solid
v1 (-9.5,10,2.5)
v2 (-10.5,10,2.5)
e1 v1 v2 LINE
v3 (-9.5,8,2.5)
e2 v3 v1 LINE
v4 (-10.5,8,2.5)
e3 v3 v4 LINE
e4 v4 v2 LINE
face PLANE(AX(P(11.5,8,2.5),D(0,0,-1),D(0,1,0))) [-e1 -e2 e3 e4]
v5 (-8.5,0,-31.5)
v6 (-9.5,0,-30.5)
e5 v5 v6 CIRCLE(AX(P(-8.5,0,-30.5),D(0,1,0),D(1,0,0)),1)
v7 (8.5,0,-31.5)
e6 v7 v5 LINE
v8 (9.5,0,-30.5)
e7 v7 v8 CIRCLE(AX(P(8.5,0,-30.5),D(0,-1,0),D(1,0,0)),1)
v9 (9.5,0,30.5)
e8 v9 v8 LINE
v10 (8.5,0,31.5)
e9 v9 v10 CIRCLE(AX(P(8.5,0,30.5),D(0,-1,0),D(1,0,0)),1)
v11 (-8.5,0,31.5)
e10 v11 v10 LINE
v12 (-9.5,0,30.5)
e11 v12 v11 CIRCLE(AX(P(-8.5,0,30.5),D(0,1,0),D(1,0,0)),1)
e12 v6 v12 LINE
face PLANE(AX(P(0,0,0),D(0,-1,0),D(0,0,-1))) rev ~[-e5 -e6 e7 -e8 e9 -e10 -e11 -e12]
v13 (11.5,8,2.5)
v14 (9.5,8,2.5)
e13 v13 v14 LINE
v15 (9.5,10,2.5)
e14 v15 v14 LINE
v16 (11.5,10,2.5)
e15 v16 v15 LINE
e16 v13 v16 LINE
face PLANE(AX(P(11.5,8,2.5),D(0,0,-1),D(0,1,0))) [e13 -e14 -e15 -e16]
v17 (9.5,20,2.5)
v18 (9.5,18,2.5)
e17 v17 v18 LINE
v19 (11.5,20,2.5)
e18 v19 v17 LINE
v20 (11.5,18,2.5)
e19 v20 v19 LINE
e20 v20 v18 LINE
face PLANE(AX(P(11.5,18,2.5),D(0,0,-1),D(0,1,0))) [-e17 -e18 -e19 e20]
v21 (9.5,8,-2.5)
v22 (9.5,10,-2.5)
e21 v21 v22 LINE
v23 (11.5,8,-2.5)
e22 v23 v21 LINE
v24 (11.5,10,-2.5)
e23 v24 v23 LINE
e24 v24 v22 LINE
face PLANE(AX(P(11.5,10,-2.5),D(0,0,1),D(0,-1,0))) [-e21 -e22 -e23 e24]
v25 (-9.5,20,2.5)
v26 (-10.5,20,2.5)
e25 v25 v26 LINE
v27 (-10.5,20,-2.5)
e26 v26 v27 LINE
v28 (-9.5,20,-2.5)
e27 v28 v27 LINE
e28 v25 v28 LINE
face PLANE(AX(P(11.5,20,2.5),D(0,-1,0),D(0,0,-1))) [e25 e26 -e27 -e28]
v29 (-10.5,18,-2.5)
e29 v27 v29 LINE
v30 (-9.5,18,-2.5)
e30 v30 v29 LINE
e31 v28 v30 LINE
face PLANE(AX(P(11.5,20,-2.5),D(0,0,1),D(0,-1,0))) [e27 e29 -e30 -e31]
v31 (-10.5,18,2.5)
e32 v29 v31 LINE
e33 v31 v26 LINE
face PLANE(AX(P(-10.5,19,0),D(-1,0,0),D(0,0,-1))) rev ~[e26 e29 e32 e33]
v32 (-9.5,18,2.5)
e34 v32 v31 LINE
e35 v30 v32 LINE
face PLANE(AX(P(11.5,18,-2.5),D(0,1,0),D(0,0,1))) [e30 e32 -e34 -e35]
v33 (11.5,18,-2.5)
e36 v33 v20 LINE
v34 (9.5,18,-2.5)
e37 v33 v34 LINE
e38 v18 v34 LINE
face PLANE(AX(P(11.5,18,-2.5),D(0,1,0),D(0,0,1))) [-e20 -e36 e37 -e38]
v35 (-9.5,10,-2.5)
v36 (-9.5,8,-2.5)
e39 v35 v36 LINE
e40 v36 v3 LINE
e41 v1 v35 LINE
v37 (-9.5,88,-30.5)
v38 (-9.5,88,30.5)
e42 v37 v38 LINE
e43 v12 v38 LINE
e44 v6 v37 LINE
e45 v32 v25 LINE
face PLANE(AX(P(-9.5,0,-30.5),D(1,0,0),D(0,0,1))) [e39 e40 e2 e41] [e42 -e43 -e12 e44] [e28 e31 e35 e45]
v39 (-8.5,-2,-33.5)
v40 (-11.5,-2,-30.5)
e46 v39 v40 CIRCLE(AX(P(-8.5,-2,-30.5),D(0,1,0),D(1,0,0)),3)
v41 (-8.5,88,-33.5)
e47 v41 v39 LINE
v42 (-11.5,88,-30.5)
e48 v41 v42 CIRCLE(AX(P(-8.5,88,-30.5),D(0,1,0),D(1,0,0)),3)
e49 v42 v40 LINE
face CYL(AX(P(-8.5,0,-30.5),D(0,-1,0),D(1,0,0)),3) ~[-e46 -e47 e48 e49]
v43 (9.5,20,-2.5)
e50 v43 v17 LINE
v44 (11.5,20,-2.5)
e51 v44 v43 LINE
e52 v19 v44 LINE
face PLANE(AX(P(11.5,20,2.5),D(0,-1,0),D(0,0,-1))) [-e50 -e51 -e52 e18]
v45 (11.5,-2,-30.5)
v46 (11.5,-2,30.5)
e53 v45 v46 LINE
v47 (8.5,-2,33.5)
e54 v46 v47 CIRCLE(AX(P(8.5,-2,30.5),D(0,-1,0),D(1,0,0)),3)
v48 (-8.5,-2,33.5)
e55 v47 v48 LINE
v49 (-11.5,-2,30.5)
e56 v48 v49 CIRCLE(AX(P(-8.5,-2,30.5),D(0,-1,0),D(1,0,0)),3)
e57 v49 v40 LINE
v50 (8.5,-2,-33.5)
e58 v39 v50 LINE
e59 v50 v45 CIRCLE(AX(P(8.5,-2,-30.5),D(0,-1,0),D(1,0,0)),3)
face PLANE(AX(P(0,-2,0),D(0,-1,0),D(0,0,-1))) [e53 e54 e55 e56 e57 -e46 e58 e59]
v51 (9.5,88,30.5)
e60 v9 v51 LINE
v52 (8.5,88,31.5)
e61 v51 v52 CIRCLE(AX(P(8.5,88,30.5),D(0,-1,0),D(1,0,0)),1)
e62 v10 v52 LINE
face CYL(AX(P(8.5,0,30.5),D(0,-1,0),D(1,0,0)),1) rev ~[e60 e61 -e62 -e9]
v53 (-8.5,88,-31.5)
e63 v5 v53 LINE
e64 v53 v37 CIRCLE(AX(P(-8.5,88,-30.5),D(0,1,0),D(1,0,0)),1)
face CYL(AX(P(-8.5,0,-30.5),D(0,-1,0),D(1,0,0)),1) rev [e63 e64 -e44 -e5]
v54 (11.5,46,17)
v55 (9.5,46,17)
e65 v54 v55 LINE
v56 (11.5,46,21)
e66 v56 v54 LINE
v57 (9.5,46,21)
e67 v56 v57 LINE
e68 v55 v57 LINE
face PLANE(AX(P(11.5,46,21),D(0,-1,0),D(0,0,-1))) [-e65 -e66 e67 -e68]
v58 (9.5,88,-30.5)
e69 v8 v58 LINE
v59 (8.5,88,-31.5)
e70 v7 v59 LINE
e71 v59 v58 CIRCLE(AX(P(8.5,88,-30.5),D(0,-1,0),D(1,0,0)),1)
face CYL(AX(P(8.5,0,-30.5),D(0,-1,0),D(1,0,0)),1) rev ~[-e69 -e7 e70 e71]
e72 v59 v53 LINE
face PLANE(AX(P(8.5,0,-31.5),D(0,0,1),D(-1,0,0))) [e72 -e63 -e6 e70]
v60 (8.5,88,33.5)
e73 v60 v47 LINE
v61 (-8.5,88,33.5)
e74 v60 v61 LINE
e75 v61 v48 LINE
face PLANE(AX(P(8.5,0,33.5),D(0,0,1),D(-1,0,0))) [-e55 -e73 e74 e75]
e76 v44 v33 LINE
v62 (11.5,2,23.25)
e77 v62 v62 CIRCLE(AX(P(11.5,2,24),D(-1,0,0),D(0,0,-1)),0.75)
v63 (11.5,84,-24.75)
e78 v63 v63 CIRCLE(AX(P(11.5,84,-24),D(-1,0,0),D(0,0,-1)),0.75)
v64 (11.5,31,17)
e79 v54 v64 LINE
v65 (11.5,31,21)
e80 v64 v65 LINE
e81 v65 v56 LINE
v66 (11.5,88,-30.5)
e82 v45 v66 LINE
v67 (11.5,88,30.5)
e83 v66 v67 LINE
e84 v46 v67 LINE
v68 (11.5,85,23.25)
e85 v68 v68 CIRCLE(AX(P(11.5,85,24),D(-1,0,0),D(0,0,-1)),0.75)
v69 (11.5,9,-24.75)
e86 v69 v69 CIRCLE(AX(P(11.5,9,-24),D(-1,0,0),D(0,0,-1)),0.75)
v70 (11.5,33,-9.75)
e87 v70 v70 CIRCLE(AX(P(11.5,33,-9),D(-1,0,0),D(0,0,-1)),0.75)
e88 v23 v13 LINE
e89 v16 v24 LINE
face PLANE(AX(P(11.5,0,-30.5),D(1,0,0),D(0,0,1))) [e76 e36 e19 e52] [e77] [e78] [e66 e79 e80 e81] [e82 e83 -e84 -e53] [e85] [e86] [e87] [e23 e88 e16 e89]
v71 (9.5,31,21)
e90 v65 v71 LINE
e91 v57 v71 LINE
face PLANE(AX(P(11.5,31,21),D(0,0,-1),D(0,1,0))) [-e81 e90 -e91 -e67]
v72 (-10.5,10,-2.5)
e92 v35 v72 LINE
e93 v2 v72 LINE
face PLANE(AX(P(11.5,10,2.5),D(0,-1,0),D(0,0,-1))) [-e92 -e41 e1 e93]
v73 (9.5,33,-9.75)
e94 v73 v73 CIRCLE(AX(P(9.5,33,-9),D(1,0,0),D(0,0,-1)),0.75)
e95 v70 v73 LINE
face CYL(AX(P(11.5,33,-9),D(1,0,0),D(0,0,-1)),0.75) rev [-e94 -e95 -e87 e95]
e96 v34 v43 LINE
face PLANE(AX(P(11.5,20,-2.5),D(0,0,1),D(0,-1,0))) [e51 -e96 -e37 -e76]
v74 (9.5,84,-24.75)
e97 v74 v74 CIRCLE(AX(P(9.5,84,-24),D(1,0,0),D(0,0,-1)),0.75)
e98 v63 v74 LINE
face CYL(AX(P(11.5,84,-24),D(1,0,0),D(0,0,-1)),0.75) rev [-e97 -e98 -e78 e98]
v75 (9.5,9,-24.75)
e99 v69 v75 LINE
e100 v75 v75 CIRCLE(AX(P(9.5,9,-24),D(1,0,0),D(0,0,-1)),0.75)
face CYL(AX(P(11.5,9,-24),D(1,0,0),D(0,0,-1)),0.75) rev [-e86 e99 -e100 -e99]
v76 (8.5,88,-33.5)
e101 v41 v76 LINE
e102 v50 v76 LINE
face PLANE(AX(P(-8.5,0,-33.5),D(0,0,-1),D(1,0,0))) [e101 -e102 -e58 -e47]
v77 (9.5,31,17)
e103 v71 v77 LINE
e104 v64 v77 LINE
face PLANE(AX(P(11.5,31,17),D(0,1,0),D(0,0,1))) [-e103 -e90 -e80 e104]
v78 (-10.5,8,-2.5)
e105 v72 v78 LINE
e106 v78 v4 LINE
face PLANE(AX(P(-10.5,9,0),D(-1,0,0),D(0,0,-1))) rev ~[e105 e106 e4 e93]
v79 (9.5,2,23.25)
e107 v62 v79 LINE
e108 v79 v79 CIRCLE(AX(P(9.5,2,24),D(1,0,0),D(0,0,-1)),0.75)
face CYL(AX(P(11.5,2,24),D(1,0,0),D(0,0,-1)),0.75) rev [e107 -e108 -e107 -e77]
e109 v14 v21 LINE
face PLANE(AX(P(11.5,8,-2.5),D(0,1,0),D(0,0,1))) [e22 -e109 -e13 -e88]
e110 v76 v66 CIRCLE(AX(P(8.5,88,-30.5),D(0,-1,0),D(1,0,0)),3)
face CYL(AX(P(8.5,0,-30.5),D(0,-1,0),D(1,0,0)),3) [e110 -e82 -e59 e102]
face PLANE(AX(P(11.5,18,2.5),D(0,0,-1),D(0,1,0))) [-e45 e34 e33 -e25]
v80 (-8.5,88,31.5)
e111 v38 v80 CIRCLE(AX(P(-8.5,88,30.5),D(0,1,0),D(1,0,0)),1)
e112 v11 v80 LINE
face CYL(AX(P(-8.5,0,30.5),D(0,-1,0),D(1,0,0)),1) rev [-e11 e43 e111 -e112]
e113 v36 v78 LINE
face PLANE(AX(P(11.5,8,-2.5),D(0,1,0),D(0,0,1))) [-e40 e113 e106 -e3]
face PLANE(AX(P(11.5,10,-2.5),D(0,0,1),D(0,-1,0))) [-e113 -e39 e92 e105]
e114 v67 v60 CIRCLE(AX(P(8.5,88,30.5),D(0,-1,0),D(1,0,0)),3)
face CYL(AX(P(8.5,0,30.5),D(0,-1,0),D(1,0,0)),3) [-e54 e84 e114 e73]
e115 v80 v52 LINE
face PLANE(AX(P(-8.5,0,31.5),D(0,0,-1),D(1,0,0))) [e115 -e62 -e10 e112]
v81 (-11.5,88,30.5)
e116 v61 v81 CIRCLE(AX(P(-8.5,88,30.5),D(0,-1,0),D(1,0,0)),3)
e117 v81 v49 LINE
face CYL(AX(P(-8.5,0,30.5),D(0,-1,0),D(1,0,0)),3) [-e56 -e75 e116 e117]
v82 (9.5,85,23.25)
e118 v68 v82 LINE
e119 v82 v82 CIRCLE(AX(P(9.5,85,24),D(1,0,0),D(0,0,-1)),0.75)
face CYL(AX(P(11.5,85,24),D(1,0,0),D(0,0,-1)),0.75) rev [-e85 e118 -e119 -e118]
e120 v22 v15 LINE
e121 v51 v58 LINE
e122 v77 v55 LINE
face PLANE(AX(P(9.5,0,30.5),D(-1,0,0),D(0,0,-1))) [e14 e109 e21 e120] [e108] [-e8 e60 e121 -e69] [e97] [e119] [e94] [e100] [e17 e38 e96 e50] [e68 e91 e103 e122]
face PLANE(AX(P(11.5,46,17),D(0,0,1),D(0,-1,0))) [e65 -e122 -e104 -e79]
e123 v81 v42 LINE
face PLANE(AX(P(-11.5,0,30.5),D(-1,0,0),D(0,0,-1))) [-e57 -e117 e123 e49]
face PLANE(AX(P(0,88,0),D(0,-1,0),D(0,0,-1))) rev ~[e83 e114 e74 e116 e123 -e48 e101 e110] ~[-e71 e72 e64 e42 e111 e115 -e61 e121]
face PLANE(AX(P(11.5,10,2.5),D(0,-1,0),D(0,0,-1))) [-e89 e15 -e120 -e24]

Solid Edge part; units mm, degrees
sketch "Sketch1" plane through (0, 0, 0) normal (0, -1, 0) x (1, 0, 0)
  arc A0 (11.5, 30.5) -> (8.5, 33.5) centre (8.5, 30.5) ccw
  line L0 (8.5, 33.5) -> (-8.5, 33.5)
  arc A1 (-8.5, 33.5) -> (-11.5, 30.5) centre (-8.5, 30.5) ccw
  line L1 (-11.5, 30.5) -> (-11.5, -30.5)
  arc A2 (-8.5, -33.5) -> (-11.5, -30.5) centre (-8.5, -30.5) cw
  line L2 (-8.5, -33.5) -> (8.5, -33.5)
  arc A3 (8.5, -33.5) -> (11.5, -30.5) centre (8.5, -30.5) ccw
  line L3 (11.5, -30.5) -> (11.5, 30.5)
  line L4 (-9.5, -30.5) -> (-9.5, 30.5)
  arc A4 (-9.5, 30.5) -> (-8.5, 31.5) centre (-8.5, 30.5) cw
  line L5 (-8.5, 31.5) -> (8.5, 31.5)
  arc A5 (9.5, 30.5) -> (8.5, 31.5) centre (8.5, 30.5) ccw
  line L6 (9.5, 30.5) -> (9.5, -30.5)
  arc A6 (8.5, -31.5) -> (9.5, -30.5) centre (8.5, -30.5) ccw
  line L7 (8.5, -31.5) -> (-8.5, -31.5)
  arc A7 (-8.5, -31.5) -> (-9.5, -30.5) centre (-8.5, -30.5) cw
  dimension "D1" = 63
  dimension "D2" = 1
  dimension "D3" = 1
  dimension "D4" = 1
  dimension "D5" = 1
  dimension "D6" = 2
  dimension "D7" = 2
  dimension "D8" = 9.5
  dimension "D9" = 31.5
  dimension "D10" = 19
  dimension "D11" = 23
  dimension "D12" = 17
  dimension "D13" = 67
extrude "Protrusion1" add sketch "Sketch1" against normal blind 88
sketch "Sketch2" plane through (0, 0, 0) normal (0, -1, 0) x (1, 0, 0)
  line L0 (11.5, -30.5) -> (11.5, 30.5)
  arc A0 (11.5, 30.5) -> (8.5, 33.5) centre (8.5, 30.5) ccw
  line L1 (8.5, 33.5) -> (-8.5, 33.5)
  arc A1 (-8.5, 33.5) -> (-11.5, 30.5) centre (-8.5, 30.5) ccw
  line L2 (-11.5, 30.5) -> (-11.5, -30.5)
  arc A2 (-8.5, -33.5) -> (-11.5, -30.5) centre (-8.5, -30.5) cw
  line L3 (-8.5, -33.5) -> (8.5, -33.5)
  arc A3 (8.5, -33.5) -> (11.5, -30.5) centre (8.5, -30.5) ccw
extrude "Boden" add sketch "Sketch2" along normal blind 2
hole "Hole1" at (11.5, 9, -24) direction (-1, 0, 0) diameter 1.5 end up to next
hole "Hole2" at (11.5, 2, 24) direction (-1, 0, 0) diameter 1.5 end up to next
sketch "Sketch3" plane through (11.5, 57, 0) normal (1, 0, 0) x (0, 0, -1)
  line L0 (-2.5, -37) -> (2.5, -37)
  line L1 (2.5, -37) -> (2.5, -39)
  line L2 (2.5, -39) -> (-2.5, -39)
  line L3 (-2.5, -39) -> (-2.5, -37)
  line L4 (-2.5, -47) -> (2.5, -47)
  line L5 (2.5, -47) -> (2.5, -49)
  line L6 (2.5, -49) -> (-2.5, -49)
  line L7 (-2.5, -49) -> (-2.5, -47)
  dimension "D1" = 2
  dimension "D2" = 5
  dimension "D3" = 2
  dimension "D4" = 5
  dimension "D5" = 8
  dimension "D6" = 8
extrude "Höhenauschnitt" cut sketch "Sketch3" against normal blind 22
hole "Hole3" at (11.5, 33, -9) direction (-1, 0, 0) diameter 1.5 end up to next
hole "Hole4" at (11.5, 84, -24) direction (-1, 0, 0) diameter 1.5 end up to next
hole "Hole5" at (11.5, 85, 24) direction (-1, 0, 0) diameter 1.5 end up to next
sketch "Sketch4" plane through (11.5, 42.5, 0) normal (1, 0, 0) x (0, 0, -1)
  line L0 (-21, 3.5) -> (-17, 3.5)
  line L1 (-17, 3.5) -> (-17, -11.5)
  line L2 (-17, -11.5) -> (-21, -11.5)
  line L3 (-21, -11.5) -> (-21, 3.5)
  dimension "D1" = 4
  dimension "D2" = 15
  dimension "D3" = 41
  dimension "D4" = 22
extrude "Stromkabelloch" cut sketch "Sketch4" against normal blind 3
